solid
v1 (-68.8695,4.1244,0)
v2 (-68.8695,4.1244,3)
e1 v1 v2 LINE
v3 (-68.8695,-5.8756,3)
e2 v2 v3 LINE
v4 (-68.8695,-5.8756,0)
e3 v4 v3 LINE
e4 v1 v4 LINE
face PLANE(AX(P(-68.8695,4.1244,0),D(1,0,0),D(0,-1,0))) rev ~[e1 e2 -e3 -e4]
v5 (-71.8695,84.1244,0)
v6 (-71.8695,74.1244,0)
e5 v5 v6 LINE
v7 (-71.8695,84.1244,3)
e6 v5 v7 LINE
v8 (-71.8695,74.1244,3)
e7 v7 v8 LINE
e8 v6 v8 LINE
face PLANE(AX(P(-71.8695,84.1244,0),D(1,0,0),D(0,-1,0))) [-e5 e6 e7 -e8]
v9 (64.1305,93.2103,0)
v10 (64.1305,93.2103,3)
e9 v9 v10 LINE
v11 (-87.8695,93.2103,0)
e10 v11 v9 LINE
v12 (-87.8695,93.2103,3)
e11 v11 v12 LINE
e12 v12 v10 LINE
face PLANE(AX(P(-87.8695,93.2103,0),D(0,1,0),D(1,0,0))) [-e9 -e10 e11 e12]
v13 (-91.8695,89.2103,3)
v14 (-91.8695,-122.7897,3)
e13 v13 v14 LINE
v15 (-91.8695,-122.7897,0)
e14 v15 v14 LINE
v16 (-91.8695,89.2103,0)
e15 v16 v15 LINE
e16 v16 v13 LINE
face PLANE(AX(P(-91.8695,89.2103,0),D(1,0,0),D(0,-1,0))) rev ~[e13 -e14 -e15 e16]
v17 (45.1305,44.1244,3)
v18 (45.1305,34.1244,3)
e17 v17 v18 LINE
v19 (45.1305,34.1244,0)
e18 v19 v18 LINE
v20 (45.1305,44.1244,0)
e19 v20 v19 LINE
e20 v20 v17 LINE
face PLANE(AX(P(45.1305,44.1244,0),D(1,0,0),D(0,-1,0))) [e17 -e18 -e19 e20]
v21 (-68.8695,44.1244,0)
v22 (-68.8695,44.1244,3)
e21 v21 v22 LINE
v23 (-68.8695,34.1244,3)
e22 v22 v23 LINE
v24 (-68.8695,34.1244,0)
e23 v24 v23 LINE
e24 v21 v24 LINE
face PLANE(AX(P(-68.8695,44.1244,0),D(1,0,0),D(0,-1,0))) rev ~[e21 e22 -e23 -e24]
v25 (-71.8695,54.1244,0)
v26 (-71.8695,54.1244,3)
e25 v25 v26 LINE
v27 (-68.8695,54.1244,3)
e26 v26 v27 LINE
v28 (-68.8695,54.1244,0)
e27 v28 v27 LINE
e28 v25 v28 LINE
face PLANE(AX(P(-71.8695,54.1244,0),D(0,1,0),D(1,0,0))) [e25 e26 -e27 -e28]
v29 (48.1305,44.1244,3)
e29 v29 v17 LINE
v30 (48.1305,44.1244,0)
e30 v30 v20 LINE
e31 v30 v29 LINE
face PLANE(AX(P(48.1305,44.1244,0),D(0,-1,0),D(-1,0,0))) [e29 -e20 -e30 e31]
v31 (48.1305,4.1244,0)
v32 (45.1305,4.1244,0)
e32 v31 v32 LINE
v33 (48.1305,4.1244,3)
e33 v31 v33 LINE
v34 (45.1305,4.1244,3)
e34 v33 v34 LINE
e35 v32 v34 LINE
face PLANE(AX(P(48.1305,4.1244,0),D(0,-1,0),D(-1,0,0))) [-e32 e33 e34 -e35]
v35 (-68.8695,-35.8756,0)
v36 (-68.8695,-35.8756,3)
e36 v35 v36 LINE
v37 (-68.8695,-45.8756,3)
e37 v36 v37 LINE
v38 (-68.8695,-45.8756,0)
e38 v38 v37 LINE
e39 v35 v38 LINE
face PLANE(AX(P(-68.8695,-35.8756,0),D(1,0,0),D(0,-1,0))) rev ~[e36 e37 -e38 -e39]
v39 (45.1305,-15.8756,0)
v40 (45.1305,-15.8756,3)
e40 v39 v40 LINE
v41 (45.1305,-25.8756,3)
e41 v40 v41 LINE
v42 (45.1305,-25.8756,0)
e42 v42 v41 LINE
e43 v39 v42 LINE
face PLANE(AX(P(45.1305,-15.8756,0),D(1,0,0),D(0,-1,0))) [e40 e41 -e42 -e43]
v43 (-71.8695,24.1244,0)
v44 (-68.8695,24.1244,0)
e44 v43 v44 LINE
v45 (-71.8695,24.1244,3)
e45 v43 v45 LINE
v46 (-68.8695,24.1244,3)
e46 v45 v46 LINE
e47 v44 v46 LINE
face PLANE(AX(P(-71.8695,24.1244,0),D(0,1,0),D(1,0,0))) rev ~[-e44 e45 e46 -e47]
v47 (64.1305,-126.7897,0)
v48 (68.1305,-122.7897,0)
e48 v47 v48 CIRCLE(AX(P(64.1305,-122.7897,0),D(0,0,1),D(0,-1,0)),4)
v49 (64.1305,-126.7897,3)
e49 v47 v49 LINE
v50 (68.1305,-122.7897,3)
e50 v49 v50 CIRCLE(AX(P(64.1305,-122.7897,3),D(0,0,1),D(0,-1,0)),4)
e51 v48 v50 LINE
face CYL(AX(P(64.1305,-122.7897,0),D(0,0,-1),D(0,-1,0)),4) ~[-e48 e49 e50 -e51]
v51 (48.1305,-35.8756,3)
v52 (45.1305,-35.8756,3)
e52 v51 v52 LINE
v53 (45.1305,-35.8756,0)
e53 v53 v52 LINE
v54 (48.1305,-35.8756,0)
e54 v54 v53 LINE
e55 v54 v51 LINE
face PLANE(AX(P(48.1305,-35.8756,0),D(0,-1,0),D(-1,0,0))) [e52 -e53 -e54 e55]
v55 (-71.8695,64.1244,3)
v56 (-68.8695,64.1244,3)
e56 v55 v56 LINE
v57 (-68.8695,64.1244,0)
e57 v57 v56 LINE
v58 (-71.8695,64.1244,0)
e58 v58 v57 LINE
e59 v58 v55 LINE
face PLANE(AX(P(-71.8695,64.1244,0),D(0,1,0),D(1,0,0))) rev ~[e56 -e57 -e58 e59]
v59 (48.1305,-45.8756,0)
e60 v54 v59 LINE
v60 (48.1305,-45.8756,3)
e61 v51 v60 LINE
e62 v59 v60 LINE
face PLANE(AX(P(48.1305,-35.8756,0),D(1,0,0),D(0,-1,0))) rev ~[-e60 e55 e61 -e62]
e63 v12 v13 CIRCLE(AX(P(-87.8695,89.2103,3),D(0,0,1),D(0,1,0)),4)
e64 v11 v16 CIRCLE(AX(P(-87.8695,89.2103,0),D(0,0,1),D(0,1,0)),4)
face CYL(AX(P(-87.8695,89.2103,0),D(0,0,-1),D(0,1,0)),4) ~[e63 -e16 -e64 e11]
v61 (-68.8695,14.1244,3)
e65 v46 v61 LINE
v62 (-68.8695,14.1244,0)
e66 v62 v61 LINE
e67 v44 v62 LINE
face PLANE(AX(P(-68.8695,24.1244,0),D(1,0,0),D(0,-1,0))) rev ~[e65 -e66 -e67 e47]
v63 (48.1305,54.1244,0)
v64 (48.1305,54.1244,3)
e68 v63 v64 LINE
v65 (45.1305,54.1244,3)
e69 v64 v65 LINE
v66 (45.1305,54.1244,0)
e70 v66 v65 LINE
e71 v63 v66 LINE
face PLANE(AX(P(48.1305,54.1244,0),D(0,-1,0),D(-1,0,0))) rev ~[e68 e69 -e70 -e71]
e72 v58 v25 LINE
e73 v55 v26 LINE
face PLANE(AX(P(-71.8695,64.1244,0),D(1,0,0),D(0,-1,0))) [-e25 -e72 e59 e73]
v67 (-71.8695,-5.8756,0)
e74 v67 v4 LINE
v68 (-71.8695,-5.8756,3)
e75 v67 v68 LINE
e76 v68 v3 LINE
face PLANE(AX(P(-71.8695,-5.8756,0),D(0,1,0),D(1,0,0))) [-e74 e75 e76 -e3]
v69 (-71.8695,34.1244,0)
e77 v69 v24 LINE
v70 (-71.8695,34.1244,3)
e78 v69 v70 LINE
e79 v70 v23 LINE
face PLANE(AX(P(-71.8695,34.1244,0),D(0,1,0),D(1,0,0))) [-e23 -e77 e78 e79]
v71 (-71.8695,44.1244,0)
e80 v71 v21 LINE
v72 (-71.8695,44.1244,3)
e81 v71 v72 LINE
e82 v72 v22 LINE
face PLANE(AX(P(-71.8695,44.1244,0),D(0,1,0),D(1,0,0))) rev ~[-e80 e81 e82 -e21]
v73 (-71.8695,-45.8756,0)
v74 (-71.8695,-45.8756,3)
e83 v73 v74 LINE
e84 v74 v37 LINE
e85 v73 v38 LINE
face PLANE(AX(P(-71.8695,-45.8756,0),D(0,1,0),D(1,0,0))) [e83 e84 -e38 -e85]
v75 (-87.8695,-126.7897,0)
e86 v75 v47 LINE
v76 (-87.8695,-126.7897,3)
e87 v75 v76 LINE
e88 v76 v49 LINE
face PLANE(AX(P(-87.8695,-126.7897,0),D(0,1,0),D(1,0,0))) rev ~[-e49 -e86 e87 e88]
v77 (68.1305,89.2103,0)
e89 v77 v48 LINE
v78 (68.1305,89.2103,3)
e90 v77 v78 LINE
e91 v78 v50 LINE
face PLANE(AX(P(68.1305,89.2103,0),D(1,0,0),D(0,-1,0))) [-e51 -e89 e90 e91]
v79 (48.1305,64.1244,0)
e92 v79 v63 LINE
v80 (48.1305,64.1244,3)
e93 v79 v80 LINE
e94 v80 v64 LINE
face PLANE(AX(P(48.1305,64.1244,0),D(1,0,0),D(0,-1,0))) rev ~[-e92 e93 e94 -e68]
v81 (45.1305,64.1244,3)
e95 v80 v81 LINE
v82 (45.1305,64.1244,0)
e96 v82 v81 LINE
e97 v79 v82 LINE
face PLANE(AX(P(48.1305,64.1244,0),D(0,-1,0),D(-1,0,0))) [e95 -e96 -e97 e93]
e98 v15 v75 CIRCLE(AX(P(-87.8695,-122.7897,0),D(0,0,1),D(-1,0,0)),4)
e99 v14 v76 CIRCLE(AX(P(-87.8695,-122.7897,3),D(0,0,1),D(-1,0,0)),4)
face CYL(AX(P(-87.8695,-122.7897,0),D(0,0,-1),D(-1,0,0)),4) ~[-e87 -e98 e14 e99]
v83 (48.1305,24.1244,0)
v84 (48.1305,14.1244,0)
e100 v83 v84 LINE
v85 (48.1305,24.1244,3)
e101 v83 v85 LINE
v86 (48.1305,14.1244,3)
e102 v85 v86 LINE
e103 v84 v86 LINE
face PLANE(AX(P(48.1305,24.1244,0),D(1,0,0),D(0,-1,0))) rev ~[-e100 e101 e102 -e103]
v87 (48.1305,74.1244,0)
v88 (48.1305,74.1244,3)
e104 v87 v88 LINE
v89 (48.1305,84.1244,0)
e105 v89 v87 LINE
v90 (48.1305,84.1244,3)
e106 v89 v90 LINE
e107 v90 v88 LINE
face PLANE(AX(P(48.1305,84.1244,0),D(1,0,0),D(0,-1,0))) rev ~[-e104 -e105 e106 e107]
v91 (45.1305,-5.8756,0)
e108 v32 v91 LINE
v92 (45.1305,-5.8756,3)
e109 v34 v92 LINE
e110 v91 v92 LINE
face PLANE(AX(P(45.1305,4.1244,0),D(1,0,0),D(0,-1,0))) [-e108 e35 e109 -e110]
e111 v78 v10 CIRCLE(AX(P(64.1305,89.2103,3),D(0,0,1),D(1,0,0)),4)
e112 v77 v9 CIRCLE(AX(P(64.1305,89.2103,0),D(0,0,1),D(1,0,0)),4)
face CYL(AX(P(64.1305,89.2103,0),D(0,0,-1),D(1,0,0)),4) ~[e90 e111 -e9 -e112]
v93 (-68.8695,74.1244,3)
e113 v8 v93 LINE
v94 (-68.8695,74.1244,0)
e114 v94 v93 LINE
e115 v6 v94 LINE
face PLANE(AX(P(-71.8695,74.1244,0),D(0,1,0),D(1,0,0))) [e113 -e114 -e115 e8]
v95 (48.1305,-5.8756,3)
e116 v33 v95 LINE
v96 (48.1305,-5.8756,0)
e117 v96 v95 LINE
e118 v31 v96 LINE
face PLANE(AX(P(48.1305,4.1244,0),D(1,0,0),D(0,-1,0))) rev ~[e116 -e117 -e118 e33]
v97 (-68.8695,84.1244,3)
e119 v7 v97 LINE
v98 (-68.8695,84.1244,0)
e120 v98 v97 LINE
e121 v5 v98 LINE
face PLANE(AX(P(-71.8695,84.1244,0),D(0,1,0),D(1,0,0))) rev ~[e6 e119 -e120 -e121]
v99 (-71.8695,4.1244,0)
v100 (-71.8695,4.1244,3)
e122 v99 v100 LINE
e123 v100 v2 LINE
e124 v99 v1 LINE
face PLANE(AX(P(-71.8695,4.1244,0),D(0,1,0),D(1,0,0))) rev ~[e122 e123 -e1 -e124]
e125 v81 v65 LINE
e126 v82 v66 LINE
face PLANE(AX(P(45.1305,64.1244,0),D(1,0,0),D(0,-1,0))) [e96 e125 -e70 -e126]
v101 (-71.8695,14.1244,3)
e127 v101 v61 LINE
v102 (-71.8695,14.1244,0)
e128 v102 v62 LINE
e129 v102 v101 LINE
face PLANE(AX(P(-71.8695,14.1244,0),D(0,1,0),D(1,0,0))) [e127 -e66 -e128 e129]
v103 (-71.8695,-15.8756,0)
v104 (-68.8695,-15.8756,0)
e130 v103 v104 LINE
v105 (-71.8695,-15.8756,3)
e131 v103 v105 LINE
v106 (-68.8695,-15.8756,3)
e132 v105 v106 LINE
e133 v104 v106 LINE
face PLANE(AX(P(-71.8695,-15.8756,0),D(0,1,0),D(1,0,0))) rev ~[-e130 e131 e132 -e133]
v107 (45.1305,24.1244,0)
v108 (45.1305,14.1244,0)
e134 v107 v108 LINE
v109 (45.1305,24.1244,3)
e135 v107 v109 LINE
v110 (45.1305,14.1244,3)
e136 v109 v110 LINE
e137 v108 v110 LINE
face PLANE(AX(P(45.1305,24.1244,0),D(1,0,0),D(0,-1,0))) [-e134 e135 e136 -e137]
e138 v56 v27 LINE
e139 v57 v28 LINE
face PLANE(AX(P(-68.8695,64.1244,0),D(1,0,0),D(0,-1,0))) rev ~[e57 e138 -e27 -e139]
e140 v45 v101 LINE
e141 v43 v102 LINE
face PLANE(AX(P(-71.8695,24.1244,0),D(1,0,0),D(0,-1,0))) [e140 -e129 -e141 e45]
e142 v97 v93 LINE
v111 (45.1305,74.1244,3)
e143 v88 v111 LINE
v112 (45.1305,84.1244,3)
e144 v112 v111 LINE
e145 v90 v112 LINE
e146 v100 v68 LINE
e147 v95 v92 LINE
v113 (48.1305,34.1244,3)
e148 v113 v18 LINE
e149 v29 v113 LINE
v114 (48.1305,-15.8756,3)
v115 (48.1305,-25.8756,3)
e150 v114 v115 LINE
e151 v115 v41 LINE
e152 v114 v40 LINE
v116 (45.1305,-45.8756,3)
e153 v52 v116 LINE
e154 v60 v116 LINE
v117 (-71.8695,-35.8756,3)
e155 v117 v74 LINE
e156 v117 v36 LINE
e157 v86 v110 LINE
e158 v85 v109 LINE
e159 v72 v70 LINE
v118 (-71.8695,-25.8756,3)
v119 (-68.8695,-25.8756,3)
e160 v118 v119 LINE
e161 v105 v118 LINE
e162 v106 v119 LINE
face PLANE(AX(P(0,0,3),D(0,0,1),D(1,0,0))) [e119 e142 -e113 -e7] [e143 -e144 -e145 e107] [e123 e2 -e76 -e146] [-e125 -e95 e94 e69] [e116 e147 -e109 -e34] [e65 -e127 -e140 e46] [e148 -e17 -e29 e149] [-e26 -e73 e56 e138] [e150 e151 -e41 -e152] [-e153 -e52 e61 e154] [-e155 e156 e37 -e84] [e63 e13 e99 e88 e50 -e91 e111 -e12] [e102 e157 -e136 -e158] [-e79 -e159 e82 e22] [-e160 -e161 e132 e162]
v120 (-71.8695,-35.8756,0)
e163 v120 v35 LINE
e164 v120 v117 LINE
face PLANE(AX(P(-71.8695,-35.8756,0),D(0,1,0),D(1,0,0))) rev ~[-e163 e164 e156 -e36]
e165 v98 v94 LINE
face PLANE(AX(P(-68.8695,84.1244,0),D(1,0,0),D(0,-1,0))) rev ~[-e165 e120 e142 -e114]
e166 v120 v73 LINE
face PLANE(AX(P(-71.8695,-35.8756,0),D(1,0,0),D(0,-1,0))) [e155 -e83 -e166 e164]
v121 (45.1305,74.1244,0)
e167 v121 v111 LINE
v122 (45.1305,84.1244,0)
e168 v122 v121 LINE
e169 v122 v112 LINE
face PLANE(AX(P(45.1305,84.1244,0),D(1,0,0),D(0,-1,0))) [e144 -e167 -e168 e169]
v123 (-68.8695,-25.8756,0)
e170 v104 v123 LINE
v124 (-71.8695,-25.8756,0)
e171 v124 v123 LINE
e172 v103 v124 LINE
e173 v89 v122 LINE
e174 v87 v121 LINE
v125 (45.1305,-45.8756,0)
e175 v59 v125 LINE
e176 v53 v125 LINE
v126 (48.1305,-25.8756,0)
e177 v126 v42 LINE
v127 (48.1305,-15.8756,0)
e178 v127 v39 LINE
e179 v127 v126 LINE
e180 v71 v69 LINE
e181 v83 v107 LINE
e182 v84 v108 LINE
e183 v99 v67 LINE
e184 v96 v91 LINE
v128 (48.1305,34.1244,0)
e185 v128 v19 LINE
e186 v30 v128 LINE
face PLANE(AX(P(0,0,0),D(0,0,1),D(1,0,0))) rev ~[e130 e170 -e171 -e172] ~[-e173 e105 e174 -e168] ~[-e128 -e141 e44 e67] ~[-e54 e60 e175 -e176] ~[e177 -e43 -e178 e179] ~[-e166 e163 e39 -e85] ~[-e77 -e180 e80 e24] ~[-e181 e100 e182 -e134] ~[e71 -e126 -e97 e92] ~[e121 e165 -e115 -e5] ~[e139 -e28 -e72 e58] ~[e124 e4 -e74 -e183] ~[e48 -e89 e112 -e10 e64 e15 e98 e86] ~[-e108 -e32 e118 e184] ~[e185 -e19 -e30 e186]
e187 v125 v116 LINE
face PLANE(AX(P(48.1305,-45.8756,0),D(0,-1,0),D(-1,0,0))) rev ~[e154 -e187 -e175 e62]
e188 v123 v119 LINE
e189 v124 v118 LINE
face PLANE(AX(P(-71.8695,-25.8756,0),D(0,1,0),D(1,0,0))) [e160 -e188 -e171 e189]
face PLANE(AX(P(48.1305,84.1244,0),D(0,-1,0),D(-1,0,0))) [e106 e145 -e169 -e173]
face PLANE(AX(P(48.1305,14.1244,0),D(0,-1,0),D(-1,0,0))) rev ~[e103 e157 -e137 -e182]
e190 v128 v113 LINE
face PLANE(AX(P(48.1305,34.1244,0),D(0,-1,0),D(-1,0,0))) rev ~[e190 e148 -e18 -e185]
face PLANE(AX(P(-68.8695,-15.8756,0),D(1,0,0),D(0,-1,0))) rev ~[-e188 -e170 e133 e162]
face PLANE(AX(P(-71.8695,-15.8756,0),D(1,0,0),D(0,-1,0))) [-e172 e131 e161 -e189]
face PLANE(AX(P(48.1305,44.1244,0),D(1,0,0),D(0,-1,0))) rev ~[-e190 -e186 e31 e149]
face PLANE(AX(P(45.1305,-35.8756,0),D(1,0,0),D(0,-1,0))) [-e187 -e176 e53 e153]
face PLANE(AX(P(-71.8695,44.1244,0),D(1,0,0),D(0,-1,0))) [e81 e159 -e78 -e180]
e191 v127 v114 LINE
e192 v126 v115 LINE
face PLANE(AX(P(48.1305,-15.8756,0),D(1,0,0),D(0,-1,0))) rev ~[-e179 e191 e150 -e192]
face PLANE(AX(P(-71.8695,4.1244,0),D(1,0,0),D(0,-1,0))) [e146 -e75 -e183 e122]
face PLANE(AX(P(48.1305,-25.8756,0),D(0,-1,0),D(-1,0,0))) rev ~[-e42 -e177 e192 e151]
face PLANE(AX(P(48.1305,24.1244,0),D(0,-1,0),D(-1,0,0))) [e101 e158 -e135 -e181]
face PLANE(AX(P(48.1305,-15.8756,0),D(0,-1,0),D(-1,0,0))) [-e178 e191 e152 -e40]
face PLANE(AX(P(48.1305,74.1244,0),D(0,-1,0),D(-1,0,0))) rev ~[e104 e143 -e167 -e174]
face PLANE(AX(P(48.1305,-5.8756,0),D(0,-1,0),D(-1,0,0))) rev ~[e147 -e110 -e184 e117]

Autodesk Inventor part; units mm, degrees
ref_plane "YZ Plane" through (0, 0, 0) normal (1, 0, 0) x (0, 1, 0)
ref_plane "XZ Plane" through (0, 0, 0) normal (0, 1, 0) x (-1, 0, 0)
ref_plane "XY Plane" through (0, 0, 0) normal (0, 0, 1) x (1, 0, 0)
sketch "Esquisse1" plane through (0, 0, 0) normal (0, 0, 1) x (1, 0, 0)
  line L0 (-91.8695, 89.2103) -> (-91.8695, -122.7897)
  line L1 (-68.8695, 44.1244) -> (-68.8695, 34.1244)
  line L2 (-71.8695, 44.1244) -> (-71.8695, 34.1244)
  line L3 (-71.8695, 24.1244) -> (-71.8695, 14.1244)
  line L4 (-68.8695, 24.1244) -> (-68.8695, 14.1244)
  line L5 (-68.8695, 4.1244) -> (-68.8695, -5.8756)
  line L6 (-71.8695, 4.1244) -> (-71.8695, -5.8756)
  line L7 (-71.8695, 34.1244) -> (-68.8695, 34.1244)
  line L8 (-71.8695, -15.8756) -> (-68.8695, -15.8756)
  line L9 (-71.8695, 24.1244) -> (-68.8695, 24.1244)
  line L10 (-71.8695, 44.1244) -> (-68.8695, 44.1244)
  line L11 (-71.8695, -25.8756) -> (-68.8695, -25.8756)
  line L12 (-71.8695, -5.8756) -> (-68.8695, -5.8756)
  line L13 (-71.8695, 64.1244) -> (-68.8695, 64.1244)
  line L14 (-68.8695, 84.1244) -> (-68.8695, 74.1244)
  line L15 (-71.8695, 84.1244) -> (-71.8695, 74.1244)
  line L16 (-71.8695, 84.1244) -> (-68.8695, 84.1244)
  line L17 (-71.8695, 74.1244) -> (-68.8695, 74.1244)
  line L18 (-68.8695, 64.1244) -> (-68.8695, 54.1244)
  line L19 (-71.8695, 64.1244) -> (-71.8695, 54.1244)
  line L20 (48.1305, -5.8756) -> (45.1305, -5.8756)
  line L21 (-87.8695, 93.2103) -> (64.1305, 93.2103)
  line L22 (68.1305, 89.2103) -> (68.1305, -122.7897)
  line L23 (48.1305, 4.1244) -> (48.1305, -5.8756)
  line L24 (45.1305, 4.1244) -> (45.1305, -5.8756)
  line L25 (48.1305, 4.1244) -> (45.1305, 4.1244)
  line L26 (48.1305, 14.1244) -> (45.1305, 14.1244)
  line L27 (45.1305, 24.1244) -> (45.1305, 14.1244)
  line L28 (48.1305, 24.1244) -> (48.1305, 14.1244)
  line L29 (48.1305, 24.1244) -> (45.1305, 24.1244)
  line L30 (45.1305, 44.1244) -> (45.1305, 34.1244)
  line L31 (48.1305, 44.1244) -> (45.1305, 44.1244)
  line L32 (48.1305, 44.1244) -> (48.1305, 34.1244)
  line L33 (48.1305, 54.1244) -> (45.1305, 54.1244)
  line L34 (45.1305, 64.1244) -> (45.1305, 54.1244)
  line L35 (48.1305, 64.1244) -> (45.1305, 64.1244)
  line L36 (48.1305, 64.1244) -> (48.1305, 54.1244)
  line L37 (48.1305, 74.1244) -> (45.1305, 74.1244)
  line L38 (45.1305, 84.1244) -> (45.1305, 74.1244)
  line L39 (48.1305, 84.1244) -> (45.1305, 84.1244)
  line L40 (48.1305, 84.1244) -> (48.1305, 74.1244)
  line L41 (48.1305, 34.1244) -> (45.1305, 34.1244)
  line L42 (-71.8695, -15.8756) -> (-71.8695, -25.8756)
  line L43 (-68.8695, -15.8756) -> (-68.8695, -25.8756)
  line L44 (-68.8695, -35.8756) -> (-68.8695, -45.8756)
  line L45 (48.1305, -15.8756) -> (45.1305, -15.8756)
  line L46 (45.1305, -15.8756) -> (45.1305, -25.8756)
  line L47 (48.1305, -15.8756) -> (48.1305, -25.8756)
  line L48 (48.1305, -25.8756) -> (45.1305, -25.8756)
  line L49 (48.1305, -35.8756) -> (45.1305, -35.8756)
  line L50 (48.1305, -35.8756) -> (48.1305, -45.8756)
  line L51 (48.1305, -45.8756) -> (45.1305, -45.8756)
  line L52 (-87.8695, -126.7897) -> (64.1305, -126.7897)
  line L53 (-71.8695, -35.8756) -> (-68.8695, -35.8756)
  line L54 (-71.8695, -35.8756) -> (-71.8695, -45.8756)
  line L55 (-71.8695, -45.8756) -> (-68.8695, -45.8756)
  line L56 (45.1305, -35.8756) -> (45.1305, -45.8756)
  line L57 (-71.8695, 14.1244) -> (-68.8695, 14.1244)
  line L58 (-71.8695, 54.1244) -> (-68.8695, 54.1244)
  line L59 (-71.8695, 4.1244) -> (-68.8695, 4.1244)
  arc A0 (-87.8695, 93.2103) -> (-91.8695, 89.2103) centre (-87.8695, 89.2103) ccw
  arc A1 (68.1305, 89.2103) -> (64.1305, 93.2103) centre (64.1305, 89.2103) ccw
  arc A2 (64.1305, -126.7897) -> (68.1305, -122.7897) centre (64.1305, -122.7897) ccw
  arc A3 (-91.8695, -122.7897) -> (-87.8695, -126.7897) centre (-87.8695, -122.7897) ccw
  point P0 (0, 0)
  point P1 (-91.8695, 93.2103)
  point P2 (-91.8695, -126.7897)
  point P3 (68.1305, 93.2103)
  point P4 (68.1305, -126.7897)
  dimension "d3" = 220
  dimension "d5" = 4
extrude "Extrusion1" add sketch "Esquisse1" along normal blind 3
properties part number "toit"
